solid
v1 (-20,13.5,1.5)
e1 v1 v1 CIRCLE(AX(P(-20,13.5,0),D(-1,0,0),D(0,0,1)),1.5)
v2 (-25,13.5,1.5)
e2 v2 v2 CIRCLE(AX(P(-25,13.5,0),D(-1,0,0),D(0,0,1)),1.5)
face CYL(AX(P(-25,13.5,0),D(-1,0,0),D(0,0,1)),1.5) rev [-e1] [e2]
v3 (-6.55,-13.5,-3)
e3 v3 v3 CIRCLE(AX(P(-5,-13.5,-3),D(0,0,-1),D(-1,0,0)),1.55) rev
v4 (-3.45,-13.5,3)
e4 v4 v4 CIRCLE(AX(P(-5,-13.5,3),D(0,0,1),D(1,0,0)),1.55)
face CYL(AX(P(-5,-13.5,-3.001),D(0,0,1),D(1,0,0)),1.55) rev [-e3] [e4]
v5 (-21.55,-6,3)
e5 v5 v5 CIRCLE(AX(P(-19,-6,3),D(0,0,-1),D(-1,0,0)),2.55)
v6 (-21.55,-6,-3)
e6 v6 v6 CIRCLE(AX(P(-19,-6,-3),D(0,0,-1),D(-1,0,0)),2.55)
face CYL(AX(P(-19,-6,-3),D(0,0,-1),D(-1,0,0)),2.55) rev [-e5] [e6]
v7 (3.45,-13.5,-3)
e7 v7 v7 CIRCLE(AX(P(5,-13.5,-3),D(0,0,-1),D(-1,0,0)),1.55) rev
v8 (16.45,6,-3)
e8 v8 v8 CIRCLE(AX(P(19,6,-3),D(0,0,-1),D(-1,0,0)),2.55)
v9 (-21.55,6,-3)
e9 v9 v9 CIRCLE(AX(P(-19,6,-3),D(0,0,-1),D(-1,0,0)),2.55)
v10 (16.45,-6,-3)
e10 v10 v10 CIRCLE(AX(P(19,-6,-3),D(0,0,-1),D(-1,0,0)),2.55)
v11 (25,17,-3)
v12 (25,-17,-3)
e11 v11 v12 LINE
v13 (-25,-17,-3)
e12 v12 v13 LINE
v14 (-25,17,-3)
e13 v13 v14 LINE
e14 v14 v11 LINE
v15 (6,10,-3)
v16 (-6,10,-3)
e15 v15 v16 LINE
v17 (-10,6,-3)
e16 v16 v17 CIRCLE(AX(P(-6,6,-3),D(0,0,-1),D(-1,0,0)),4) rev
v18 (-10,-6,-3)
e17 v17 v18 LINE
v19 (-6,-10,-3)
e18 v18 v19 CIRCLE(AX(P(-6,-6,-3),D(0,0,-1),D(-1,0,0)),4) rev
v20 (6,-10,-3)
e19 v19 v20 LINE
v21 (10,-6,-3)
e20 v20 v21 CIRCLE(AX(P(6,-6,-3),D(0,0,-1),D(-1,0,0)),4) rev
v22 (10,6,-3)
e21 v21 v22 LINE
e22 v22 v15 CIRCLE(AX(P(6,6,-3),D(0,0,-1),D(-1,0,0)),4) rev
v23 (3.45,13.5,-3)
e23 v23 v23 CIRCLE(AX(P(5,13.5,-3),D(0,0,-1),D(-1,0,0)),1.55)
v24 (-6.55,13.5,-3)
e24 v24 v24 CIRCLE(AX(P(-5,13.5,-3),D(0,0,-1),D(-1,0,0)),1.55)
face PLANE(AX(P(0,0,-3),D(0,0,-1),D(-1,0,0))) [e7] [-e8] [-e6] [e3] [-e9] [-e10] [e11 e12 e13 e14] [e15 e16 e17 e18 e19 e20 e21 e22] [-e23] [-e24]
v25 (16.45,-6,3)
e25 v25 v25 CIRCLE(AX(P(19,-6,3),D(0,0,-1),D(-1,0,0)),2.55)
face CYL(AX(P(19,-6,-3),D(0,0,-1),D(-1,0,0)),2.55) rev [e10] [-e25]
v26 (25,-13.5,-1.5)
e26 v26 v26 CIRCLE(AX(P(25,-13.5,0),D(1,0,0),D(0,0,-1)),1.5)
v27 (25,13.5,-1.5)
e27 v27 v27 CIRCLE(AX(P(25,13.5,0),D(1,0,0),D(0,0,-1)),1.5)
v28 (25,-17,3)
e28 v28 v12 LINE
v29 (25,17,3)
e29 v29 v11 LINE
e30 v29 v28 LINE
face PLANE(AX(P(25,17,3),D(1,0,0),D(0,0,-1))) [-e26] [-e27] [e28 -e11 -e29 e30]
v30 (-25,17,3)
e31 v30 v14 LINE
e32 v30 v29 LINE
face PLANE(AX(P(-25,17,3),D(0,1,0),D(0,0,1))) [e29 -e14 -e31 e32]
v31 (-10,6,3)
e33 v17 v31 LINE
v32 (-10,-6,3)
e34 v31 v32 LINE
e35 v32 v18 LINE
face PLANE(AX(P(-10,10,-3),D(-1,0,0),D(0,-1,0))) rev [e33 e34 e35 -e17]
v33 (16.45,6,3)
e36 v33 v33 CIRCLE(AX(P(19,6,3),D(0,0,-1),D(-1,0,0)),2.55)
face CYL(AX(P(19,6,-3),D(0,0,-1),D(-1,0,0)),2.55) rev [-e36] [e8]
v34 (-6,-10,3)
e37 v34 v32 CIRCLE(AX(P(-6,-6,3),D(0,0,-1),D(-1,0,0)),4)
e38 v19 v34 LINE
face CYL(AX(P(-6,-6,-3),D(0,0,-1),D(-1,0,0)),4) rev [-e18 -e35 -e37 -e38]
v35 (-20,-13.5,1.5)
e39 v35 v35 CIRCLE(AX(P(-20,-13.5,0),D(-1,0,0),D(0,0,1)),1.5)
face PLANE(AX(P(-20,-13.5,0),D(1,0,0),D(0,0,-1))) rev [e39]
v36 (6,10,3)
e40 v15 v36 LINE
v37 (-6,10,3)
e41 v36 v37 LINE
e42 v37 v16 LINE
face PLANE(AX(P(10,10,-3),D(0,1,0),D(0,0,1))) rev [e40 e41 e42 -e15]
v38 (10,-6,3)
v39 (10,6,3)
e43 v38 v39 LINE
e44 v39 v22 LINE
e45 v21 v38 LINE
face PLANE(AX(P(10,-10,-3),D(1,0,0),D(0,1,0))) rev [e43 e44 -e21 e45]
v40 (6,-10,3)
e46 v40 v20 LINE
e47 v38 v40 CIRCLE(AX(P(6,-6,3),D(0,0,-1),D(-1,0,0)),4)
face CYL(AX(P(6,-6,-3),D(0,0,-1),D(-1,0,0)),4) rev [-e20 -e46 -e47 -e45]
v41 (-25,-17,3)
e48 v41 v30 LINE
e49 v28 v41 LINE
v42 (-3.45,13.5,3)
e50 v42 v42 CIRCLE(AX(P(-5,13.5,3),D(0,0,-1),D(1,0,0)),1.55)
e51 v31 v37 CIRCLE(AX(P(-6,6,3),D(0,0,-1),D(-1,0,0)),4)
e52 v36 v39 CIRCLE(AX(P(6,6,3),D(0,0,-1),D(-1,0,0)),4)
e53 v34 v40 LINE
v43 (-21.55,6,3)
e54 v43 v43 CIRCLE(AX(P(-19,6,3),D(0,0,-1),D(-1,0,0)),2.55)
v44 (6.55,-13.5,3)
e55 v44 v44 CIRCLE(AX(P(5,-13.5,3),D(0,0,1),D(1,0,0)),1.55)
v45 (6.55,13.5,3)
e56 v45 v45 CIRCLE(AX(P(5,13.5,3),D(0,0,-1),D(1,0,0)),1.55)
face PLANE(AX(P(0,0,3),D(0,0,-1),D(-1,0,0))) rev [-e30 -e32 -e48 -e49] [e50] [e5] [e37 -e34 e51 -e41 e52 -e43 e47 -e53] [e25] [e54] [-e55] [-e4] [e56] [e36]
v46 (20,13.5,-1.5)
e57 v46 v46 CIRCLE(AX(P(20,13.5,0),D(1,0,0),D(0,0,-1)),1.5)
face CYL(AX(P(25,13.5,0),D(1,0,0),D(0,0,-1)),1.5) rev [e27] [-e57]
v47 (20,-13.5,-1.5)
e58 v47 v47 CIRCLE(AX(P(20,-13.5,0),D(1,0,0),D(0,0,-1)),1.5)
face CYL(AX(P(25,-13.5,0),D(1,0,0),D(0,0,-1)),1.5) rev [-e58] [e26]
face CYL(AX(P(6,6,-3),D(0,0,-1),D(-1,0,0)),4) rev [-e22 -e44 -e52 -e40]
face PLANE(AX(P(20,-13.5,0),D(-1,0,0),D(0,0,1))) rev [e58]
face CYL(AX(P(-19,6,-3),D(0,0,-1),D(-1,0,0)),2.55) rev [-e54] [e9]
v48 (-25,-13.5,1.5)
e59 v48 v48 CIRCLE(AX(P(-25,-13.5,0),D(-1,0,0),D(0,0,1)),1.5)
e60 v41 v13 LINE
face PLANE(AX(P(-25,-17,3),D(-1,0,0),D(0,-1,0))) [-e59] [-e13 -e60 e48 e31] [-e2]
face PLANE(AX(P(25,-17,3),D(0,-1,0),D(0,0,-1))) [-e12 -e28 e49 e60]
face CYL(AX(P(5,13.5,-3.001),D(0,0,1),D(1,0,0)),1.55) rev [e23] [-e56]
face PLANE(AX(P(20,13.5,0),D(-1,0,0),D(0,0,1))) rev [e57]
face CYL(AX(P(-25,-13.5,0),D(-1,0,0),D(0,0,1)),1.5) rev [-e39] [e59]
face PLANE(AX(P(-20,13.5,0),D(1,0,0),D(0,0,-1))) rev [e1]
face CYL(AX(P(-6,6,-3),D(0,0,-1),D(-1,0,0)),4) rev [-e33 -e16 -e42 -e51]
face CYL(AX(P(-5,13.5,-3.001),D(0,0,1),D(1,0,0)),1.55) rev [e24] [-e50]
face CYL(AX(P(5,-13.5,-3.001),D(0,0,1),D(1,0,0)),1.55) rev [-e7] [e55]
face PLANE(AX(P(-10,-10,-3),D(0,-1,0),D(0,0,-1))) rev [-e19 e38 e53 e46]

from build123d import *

# Parameters (mm, degrees)
SKETCH_1_W                = 50
SKETCH_1_H                = 34
EXTRUDE_1_DEPTH           = 6
SKETCH_2_W                = 20
SKETCH_2_H                = 20
CUT_EXTRUDE_1_DEPTH       = 31.822070015
HOLE_WIZARD_5_1_5_1_1_D   = 5.1
HOLE_WIZARD_3_0_3_1_D     = 3
HOLE_WIZARD_3_0_3_1_DEPTH = 5
HOLE_WIZARD_3_0_3_2_D     = 3
HOLE_WIZARD_3_0_3_2_DEPTH = 5
FILLET_1_R                = 4
CUT_EXTRUDE_3_REACH       = 32.822
SKETCH_9_R                = 1.55


with BuildPart() as part:
    # 草图1 → 凸台-拉伸1 (new body)
    with BuildSketch(Plane(origin=(0, 0, -3), x_dir=(-1, 0, 0), z_dir=(0, 0, -1))):
        Rectangle(SKETCH_1_W, SKETCH_1_H)
    extrude(amount=-EXTRUDE_1_DEPTH)

    # 草图2 → 切除-拉伸1 (cut, through all)
    with BuildSketch(Plane.XY.offset(3)):
        Rectangle(SKETCH_2_W, SKETCH_2_H)
    extrude(amount=-CUT_EXTRUDE_1_DEPTH, mode=Mode.SUBTRACT)

    # Ø5.1 (5.1) 直径孔1 (through all)
    with Locations(Plane(origin=(0, 0, -3), x_dir=(-1, 0, 0), z_dir=(0, 0, -1))):
        with Locations((-19, 6), (19, -6), (-19, -6), (19, 6)):
            Hole(HOLE_WIZARD_5_1_5_1_1_D / 2)

    # Ø3.0 (3) 直径孔1
    with Locations(Plane.ZY.offset(25)):
        with Locations((0, -13.5), (0, 13.5)):
            Hole(HOLE_WIZARD_3_0_3_1_D / 2, depth=HOLE_WIZARD_3_0_3_1_DEPTH)

    # Ø3.0 (3) 直径孔2
    with Locations(Plane(origin=(25, 0, 0), x_dir=(0, 0, -1), z_dir=(1, 0, 0))):
        with Locations((0, -13.5), (0, 13.5)):
            Hole(HOLE_WIZARD_3_0_3_2_D / 2, depth=HOLE_WIZARD_3_0_3_2_DEPTH)

    # 圆角1
    fillet_1_edges = [part.edges().sort_by_distance(p)[0] for p in [
        (10, 10, 0),
        (10, -10, 0),
        (-10, -10, 0),
        (-10, 10, 0),
    ]]
    fillet(fillet_1_edges, radius=FILLET_1_R)

    # 草图9 → 切除-拉伸3 (cut, up to next)
    with BuildSketch(Plane.XY.offset(3), mode=Mode.PRIVATE) as cut_extrude_3_sk1:
        with Locations((5, -13.5)):
            Circle(SKETCH_9_R)
    cut_extrude_3_tool1 = extrude(cut_extrude_3_sk1.sketch, amount=-CUT_EXTRUDE_3_REACH, mode=Mode.PRIVATE) & part.part
    # 草图9 → 切除-拉伸3 (cut, up to next)
    with BuildSketch(Plane.XY.offset(3), mode=Mode.PRIVATE) as cut_extrude_3_sk2:
        with Locations((-5, -13.5)):
            Circle(SKETCH_9_R)
    cut_extrude_3_tool2 = extrude(cut_extrude_3_sk2.sketch, amount=-CUT_EXTRUDE_3_REACH, mode=Mode.PRIVATE) & part.part
    cut_extrude_3_1 = cut_extrude_3_tool1.solids().sort_by_distance((5, -13.5, 3))[0]
    add(cut_extrude_3_1, mode=Mode.SUBTRACT)
    cut_extrude_3_2 = cut_extrude_3_tool2.solids().sort_by_distance((-5, -13.5, 3))[0]
    add(cut_extrude_3_2, mode=Mode.SUBTRACT)
    cut_extrude_3 = cut_extrude_3_1 + cut_extrude_3_2  # 切除-拉伸3 as one shape, for the pattern or mirror that repeats it

    # 镜向1: 切除-拉伸3 across plane
    add(cut_extrude_3.mirror(Plane(origin=(0, 0, 0), x_dir=(0, 0, 1), z_dir=(0, -1, 0))), mode=Mode.SUBTRACT)


solid = part.part
